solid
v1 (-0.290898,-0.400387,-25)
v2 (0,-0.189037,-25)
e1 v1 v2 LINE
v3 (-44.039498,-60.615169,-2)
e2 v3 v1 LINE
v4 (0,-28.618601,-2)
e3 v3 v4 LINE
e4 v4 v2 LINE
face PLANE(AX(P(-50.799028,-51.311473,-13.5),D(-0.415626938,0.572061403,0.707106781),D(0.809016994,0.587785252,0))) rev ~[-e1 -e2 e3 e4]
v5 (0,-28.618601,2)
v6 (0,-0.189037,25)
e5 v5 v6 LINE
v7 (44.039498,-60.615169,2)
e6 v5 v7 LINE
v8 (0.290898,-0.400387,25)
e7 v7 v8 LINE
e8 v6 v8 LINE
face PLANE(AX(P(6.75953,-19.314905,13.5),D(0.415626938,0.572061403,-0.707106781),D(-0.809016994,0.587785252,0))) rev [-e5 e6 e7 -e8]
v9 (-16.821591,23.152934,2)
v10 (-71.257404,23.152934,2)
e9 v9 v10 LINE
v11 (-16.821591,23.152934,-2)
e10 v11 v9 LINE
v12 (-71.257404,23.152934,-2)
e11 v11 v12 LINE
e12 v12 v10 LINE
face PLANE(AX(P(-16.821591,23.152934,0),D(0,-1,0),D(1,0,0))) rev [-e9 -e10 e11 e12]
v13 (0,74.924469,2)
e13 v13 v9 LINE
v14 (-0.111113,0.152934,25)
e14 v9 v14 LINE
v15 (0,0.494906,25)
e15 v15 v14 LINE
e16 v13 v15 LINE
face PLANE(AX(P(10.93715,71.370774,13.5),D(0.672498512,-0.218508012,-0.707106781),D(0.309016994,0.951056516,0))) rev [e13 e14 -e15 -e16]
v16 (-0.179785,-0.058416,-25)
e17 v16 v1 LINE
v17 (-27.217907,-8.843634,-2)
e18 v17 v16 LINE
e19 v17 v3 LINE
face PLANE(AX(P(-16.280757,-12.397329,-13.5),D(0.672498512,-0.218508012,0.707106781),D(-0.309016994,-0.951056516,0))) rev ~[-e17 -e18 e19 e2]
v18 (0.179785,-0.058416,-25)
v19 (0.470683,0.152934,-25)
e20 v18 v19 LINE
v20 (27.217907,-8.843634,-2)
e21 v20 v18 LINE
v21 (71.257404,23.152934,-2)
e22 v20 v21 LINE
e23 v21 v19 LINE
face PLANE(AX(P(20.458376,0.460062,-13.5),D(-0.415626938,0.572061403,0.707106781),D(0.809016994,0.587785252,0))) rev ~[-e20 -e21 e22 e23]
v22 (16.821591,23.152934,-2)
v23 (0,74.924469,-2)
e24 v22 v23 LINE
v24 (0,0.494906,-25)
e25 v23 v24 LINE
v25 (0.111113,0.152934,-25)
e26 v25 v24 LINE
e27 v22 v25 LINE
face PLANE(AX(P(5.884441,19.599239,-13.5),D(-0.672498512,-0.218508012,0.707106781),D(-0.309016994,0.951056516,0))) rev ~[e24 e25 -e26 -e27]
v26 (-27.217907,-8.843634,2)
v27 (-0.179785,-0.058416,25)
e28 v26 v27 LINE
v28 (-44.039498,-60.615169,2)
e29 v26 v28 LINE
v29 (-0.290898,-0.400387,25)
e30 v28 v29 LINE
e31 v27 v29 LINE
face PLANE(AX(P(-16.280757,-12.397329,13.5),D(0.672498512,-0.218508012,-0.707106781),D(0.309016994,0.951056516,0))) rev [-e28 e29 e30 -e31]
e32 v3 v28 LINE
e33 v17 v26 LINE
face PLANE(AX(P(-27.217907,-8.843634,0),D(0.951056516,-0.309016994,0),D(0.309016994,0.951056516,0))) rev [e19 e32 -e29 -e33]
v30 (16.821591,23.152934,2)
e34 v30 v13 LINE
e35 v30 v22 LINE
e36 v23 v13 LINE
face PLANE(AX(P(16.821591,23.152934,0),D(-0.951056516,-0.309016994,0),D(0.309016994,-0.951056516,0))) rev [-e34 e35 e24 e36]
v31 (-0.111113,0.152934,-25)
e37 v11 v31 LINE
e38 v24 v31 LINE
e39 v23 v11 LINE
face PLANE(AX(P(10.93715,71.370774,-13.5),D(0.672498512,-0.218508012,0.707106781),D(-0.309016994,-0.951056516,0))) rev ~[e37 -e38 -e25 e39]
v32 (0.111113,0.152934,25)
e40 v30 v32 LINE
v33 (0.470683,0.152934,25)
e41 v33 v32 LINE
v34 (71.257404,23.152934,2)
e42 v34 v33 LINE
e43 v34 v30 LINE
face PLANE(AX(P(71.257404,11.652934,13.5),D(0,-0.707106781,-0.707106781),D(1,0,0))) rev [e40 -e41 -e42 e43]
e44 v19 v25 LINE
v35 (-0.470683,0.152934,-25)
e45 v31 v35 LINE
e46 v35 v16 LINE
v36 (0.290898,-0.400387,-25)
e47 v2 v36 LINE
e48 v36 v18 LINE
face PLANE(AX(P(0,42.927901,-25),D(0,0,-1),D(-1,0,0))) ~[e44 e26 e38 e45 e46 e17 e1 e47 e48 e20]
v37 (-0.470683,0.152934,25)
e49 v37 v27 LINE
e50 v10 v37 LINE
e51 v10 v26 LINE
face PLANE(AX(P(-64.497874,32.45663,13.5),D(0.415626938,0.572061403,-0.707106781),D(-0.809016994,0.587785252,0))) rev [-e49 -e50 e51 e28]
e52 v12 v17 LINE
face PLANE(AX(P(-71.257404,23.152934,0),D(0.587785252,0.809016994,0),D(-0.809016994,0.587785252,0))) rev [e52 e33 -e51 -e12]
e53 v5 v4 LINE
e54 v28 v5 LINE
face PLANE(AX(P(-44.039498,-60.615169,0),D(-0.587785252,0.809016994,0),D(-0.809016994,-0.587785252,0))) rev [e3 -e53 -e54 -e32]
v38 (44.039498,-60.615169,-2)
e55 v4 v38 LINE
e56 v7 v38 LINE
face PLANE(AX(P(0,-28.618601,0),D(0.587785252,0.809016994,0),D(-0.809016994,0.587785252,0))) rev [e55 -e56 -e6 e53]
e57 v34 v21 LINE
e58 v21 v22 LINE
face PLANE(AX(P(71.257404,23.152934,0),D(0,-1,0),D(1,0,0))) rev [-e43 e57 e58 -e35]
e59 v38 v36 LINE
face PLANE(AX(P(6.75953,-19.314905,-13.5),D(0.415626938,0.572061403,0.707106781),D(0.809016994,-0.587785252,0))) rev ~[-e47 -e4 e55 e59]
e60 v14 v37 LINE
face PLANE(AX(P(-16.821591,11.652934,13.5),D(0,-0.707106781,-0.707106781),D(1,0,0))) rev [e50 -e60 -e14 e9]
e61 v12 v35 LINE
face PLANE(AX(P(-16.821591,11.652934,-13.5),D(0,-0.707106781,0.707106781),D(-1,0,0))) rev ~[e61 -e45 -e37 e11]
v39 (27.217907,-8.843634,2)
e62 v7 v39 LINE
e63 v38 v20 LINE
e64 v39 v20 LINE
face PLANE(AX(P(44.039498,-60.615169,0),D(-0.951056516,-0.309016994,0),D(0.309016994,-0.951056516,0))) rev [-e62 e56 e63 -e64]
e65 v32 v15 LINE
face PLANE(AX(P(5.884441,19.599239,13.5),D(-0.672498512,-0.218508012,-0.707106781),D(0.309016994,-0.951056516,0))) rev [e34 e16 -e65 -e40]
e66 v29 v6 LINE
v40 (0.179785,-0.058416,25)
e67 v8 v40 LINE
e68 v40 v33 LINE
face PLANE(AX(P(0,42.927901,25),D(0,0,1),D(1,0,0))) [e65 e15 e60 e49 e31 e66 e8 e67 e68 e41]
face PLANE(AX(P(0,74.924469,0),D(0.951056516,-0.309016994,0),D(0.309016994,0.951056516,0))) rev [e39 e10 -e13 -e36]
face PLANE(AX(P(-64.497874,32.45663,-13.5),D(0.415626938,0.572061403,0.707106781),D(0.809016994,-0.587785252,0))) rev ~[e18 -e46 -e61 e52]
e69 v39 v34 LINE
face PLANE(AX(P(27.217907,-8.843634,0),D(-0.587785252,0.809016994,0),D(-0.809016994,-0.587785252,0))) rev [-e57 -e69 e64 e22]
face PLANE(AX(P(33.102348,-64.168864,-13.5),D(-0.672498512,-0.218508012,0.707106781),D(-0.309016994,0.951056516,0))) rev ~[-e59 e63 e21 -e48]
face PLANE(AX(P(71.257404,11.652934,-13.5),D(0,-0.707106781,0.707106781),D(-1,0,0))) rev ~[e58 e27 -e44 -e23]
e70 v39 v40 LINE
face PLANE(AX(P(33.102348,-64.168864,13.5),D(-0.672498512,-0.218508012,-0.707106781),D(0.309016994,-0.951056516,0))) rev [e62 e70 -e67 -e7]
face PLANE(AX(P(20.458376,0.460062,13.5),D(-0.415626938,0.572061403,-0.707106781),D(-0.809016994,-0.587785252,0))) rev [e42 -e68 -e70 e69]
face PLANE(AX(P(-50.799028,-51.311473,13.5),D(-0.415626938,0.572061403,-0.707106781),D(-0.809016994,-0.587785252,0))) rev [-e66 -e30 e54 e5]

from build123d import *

# Parameters (mm, degrees)
F1_DEPTH = 25
F2_SIZE  = 23


with BuildPart() as f1:
    # F0 (on Top) → F1 (new body)
    with BuildSketch(Plane.XY):
        Polygon((16.8215913544, 23.1529342137), (0, 74.9244689941), (-16.8215913544, 23.1529342137), align=None)
        Polygon((-16.8215913544, 23.1529342137), (-71.2574044668, 23.1529342137), (-27.2179065562, -8.8436339303), align=None)
        Polygon((27.2179065562, -8.8436339303), (71.2574044668, 23.1529342137), (16.8215913544, 23.1529342137), align=None)
        Polygon((-27.2179065562, -8.8436339303), (-44.0394979106, -60.6151687108), (0, -28.6186005667), align=None)
        Polygon((0, -28.6186005667), (44.0394979106, -60.6151687108), (27.2179065562, -8.8436339303), align=None)
        Polygon((16.8215913544, 23.1529342137), (-16.8215913544, 23.1529342137), (-27.2179065562, -8.8436339303), (0, -28.6186005667), (27.2179065562, -8.8436339303), align=None)
    extrude(amount=F1_DEPTH)

    # F2
    f2_edges = [f1.edges().sort_by_distance(p)[0] for p in [
        (8.410796, 49.038702, 25),
        (-8.410796, 49.038702, 25),
        (-44.039498, 23.152934, 25),
        (-49.237656, 7.15465, 25),
        (-35.628702, -34.729401, 25),
        (-22.019749, -44.616885, 25),
        (22.019749, -44.616885, 25),
        (35.628702, -34.729401, 25),
        (49.237656, 7.15465, 25),
        (44.039498, 23.152934, 25),
    ]]
    chamfer(f2_edges, length=F2_SIZE)

    # F3: F1 across plane


with BuildPart() as f1_1:
    add(f1.part)
    add(f1.part.mirror(Plane.XY))


solid = f1_1.part
